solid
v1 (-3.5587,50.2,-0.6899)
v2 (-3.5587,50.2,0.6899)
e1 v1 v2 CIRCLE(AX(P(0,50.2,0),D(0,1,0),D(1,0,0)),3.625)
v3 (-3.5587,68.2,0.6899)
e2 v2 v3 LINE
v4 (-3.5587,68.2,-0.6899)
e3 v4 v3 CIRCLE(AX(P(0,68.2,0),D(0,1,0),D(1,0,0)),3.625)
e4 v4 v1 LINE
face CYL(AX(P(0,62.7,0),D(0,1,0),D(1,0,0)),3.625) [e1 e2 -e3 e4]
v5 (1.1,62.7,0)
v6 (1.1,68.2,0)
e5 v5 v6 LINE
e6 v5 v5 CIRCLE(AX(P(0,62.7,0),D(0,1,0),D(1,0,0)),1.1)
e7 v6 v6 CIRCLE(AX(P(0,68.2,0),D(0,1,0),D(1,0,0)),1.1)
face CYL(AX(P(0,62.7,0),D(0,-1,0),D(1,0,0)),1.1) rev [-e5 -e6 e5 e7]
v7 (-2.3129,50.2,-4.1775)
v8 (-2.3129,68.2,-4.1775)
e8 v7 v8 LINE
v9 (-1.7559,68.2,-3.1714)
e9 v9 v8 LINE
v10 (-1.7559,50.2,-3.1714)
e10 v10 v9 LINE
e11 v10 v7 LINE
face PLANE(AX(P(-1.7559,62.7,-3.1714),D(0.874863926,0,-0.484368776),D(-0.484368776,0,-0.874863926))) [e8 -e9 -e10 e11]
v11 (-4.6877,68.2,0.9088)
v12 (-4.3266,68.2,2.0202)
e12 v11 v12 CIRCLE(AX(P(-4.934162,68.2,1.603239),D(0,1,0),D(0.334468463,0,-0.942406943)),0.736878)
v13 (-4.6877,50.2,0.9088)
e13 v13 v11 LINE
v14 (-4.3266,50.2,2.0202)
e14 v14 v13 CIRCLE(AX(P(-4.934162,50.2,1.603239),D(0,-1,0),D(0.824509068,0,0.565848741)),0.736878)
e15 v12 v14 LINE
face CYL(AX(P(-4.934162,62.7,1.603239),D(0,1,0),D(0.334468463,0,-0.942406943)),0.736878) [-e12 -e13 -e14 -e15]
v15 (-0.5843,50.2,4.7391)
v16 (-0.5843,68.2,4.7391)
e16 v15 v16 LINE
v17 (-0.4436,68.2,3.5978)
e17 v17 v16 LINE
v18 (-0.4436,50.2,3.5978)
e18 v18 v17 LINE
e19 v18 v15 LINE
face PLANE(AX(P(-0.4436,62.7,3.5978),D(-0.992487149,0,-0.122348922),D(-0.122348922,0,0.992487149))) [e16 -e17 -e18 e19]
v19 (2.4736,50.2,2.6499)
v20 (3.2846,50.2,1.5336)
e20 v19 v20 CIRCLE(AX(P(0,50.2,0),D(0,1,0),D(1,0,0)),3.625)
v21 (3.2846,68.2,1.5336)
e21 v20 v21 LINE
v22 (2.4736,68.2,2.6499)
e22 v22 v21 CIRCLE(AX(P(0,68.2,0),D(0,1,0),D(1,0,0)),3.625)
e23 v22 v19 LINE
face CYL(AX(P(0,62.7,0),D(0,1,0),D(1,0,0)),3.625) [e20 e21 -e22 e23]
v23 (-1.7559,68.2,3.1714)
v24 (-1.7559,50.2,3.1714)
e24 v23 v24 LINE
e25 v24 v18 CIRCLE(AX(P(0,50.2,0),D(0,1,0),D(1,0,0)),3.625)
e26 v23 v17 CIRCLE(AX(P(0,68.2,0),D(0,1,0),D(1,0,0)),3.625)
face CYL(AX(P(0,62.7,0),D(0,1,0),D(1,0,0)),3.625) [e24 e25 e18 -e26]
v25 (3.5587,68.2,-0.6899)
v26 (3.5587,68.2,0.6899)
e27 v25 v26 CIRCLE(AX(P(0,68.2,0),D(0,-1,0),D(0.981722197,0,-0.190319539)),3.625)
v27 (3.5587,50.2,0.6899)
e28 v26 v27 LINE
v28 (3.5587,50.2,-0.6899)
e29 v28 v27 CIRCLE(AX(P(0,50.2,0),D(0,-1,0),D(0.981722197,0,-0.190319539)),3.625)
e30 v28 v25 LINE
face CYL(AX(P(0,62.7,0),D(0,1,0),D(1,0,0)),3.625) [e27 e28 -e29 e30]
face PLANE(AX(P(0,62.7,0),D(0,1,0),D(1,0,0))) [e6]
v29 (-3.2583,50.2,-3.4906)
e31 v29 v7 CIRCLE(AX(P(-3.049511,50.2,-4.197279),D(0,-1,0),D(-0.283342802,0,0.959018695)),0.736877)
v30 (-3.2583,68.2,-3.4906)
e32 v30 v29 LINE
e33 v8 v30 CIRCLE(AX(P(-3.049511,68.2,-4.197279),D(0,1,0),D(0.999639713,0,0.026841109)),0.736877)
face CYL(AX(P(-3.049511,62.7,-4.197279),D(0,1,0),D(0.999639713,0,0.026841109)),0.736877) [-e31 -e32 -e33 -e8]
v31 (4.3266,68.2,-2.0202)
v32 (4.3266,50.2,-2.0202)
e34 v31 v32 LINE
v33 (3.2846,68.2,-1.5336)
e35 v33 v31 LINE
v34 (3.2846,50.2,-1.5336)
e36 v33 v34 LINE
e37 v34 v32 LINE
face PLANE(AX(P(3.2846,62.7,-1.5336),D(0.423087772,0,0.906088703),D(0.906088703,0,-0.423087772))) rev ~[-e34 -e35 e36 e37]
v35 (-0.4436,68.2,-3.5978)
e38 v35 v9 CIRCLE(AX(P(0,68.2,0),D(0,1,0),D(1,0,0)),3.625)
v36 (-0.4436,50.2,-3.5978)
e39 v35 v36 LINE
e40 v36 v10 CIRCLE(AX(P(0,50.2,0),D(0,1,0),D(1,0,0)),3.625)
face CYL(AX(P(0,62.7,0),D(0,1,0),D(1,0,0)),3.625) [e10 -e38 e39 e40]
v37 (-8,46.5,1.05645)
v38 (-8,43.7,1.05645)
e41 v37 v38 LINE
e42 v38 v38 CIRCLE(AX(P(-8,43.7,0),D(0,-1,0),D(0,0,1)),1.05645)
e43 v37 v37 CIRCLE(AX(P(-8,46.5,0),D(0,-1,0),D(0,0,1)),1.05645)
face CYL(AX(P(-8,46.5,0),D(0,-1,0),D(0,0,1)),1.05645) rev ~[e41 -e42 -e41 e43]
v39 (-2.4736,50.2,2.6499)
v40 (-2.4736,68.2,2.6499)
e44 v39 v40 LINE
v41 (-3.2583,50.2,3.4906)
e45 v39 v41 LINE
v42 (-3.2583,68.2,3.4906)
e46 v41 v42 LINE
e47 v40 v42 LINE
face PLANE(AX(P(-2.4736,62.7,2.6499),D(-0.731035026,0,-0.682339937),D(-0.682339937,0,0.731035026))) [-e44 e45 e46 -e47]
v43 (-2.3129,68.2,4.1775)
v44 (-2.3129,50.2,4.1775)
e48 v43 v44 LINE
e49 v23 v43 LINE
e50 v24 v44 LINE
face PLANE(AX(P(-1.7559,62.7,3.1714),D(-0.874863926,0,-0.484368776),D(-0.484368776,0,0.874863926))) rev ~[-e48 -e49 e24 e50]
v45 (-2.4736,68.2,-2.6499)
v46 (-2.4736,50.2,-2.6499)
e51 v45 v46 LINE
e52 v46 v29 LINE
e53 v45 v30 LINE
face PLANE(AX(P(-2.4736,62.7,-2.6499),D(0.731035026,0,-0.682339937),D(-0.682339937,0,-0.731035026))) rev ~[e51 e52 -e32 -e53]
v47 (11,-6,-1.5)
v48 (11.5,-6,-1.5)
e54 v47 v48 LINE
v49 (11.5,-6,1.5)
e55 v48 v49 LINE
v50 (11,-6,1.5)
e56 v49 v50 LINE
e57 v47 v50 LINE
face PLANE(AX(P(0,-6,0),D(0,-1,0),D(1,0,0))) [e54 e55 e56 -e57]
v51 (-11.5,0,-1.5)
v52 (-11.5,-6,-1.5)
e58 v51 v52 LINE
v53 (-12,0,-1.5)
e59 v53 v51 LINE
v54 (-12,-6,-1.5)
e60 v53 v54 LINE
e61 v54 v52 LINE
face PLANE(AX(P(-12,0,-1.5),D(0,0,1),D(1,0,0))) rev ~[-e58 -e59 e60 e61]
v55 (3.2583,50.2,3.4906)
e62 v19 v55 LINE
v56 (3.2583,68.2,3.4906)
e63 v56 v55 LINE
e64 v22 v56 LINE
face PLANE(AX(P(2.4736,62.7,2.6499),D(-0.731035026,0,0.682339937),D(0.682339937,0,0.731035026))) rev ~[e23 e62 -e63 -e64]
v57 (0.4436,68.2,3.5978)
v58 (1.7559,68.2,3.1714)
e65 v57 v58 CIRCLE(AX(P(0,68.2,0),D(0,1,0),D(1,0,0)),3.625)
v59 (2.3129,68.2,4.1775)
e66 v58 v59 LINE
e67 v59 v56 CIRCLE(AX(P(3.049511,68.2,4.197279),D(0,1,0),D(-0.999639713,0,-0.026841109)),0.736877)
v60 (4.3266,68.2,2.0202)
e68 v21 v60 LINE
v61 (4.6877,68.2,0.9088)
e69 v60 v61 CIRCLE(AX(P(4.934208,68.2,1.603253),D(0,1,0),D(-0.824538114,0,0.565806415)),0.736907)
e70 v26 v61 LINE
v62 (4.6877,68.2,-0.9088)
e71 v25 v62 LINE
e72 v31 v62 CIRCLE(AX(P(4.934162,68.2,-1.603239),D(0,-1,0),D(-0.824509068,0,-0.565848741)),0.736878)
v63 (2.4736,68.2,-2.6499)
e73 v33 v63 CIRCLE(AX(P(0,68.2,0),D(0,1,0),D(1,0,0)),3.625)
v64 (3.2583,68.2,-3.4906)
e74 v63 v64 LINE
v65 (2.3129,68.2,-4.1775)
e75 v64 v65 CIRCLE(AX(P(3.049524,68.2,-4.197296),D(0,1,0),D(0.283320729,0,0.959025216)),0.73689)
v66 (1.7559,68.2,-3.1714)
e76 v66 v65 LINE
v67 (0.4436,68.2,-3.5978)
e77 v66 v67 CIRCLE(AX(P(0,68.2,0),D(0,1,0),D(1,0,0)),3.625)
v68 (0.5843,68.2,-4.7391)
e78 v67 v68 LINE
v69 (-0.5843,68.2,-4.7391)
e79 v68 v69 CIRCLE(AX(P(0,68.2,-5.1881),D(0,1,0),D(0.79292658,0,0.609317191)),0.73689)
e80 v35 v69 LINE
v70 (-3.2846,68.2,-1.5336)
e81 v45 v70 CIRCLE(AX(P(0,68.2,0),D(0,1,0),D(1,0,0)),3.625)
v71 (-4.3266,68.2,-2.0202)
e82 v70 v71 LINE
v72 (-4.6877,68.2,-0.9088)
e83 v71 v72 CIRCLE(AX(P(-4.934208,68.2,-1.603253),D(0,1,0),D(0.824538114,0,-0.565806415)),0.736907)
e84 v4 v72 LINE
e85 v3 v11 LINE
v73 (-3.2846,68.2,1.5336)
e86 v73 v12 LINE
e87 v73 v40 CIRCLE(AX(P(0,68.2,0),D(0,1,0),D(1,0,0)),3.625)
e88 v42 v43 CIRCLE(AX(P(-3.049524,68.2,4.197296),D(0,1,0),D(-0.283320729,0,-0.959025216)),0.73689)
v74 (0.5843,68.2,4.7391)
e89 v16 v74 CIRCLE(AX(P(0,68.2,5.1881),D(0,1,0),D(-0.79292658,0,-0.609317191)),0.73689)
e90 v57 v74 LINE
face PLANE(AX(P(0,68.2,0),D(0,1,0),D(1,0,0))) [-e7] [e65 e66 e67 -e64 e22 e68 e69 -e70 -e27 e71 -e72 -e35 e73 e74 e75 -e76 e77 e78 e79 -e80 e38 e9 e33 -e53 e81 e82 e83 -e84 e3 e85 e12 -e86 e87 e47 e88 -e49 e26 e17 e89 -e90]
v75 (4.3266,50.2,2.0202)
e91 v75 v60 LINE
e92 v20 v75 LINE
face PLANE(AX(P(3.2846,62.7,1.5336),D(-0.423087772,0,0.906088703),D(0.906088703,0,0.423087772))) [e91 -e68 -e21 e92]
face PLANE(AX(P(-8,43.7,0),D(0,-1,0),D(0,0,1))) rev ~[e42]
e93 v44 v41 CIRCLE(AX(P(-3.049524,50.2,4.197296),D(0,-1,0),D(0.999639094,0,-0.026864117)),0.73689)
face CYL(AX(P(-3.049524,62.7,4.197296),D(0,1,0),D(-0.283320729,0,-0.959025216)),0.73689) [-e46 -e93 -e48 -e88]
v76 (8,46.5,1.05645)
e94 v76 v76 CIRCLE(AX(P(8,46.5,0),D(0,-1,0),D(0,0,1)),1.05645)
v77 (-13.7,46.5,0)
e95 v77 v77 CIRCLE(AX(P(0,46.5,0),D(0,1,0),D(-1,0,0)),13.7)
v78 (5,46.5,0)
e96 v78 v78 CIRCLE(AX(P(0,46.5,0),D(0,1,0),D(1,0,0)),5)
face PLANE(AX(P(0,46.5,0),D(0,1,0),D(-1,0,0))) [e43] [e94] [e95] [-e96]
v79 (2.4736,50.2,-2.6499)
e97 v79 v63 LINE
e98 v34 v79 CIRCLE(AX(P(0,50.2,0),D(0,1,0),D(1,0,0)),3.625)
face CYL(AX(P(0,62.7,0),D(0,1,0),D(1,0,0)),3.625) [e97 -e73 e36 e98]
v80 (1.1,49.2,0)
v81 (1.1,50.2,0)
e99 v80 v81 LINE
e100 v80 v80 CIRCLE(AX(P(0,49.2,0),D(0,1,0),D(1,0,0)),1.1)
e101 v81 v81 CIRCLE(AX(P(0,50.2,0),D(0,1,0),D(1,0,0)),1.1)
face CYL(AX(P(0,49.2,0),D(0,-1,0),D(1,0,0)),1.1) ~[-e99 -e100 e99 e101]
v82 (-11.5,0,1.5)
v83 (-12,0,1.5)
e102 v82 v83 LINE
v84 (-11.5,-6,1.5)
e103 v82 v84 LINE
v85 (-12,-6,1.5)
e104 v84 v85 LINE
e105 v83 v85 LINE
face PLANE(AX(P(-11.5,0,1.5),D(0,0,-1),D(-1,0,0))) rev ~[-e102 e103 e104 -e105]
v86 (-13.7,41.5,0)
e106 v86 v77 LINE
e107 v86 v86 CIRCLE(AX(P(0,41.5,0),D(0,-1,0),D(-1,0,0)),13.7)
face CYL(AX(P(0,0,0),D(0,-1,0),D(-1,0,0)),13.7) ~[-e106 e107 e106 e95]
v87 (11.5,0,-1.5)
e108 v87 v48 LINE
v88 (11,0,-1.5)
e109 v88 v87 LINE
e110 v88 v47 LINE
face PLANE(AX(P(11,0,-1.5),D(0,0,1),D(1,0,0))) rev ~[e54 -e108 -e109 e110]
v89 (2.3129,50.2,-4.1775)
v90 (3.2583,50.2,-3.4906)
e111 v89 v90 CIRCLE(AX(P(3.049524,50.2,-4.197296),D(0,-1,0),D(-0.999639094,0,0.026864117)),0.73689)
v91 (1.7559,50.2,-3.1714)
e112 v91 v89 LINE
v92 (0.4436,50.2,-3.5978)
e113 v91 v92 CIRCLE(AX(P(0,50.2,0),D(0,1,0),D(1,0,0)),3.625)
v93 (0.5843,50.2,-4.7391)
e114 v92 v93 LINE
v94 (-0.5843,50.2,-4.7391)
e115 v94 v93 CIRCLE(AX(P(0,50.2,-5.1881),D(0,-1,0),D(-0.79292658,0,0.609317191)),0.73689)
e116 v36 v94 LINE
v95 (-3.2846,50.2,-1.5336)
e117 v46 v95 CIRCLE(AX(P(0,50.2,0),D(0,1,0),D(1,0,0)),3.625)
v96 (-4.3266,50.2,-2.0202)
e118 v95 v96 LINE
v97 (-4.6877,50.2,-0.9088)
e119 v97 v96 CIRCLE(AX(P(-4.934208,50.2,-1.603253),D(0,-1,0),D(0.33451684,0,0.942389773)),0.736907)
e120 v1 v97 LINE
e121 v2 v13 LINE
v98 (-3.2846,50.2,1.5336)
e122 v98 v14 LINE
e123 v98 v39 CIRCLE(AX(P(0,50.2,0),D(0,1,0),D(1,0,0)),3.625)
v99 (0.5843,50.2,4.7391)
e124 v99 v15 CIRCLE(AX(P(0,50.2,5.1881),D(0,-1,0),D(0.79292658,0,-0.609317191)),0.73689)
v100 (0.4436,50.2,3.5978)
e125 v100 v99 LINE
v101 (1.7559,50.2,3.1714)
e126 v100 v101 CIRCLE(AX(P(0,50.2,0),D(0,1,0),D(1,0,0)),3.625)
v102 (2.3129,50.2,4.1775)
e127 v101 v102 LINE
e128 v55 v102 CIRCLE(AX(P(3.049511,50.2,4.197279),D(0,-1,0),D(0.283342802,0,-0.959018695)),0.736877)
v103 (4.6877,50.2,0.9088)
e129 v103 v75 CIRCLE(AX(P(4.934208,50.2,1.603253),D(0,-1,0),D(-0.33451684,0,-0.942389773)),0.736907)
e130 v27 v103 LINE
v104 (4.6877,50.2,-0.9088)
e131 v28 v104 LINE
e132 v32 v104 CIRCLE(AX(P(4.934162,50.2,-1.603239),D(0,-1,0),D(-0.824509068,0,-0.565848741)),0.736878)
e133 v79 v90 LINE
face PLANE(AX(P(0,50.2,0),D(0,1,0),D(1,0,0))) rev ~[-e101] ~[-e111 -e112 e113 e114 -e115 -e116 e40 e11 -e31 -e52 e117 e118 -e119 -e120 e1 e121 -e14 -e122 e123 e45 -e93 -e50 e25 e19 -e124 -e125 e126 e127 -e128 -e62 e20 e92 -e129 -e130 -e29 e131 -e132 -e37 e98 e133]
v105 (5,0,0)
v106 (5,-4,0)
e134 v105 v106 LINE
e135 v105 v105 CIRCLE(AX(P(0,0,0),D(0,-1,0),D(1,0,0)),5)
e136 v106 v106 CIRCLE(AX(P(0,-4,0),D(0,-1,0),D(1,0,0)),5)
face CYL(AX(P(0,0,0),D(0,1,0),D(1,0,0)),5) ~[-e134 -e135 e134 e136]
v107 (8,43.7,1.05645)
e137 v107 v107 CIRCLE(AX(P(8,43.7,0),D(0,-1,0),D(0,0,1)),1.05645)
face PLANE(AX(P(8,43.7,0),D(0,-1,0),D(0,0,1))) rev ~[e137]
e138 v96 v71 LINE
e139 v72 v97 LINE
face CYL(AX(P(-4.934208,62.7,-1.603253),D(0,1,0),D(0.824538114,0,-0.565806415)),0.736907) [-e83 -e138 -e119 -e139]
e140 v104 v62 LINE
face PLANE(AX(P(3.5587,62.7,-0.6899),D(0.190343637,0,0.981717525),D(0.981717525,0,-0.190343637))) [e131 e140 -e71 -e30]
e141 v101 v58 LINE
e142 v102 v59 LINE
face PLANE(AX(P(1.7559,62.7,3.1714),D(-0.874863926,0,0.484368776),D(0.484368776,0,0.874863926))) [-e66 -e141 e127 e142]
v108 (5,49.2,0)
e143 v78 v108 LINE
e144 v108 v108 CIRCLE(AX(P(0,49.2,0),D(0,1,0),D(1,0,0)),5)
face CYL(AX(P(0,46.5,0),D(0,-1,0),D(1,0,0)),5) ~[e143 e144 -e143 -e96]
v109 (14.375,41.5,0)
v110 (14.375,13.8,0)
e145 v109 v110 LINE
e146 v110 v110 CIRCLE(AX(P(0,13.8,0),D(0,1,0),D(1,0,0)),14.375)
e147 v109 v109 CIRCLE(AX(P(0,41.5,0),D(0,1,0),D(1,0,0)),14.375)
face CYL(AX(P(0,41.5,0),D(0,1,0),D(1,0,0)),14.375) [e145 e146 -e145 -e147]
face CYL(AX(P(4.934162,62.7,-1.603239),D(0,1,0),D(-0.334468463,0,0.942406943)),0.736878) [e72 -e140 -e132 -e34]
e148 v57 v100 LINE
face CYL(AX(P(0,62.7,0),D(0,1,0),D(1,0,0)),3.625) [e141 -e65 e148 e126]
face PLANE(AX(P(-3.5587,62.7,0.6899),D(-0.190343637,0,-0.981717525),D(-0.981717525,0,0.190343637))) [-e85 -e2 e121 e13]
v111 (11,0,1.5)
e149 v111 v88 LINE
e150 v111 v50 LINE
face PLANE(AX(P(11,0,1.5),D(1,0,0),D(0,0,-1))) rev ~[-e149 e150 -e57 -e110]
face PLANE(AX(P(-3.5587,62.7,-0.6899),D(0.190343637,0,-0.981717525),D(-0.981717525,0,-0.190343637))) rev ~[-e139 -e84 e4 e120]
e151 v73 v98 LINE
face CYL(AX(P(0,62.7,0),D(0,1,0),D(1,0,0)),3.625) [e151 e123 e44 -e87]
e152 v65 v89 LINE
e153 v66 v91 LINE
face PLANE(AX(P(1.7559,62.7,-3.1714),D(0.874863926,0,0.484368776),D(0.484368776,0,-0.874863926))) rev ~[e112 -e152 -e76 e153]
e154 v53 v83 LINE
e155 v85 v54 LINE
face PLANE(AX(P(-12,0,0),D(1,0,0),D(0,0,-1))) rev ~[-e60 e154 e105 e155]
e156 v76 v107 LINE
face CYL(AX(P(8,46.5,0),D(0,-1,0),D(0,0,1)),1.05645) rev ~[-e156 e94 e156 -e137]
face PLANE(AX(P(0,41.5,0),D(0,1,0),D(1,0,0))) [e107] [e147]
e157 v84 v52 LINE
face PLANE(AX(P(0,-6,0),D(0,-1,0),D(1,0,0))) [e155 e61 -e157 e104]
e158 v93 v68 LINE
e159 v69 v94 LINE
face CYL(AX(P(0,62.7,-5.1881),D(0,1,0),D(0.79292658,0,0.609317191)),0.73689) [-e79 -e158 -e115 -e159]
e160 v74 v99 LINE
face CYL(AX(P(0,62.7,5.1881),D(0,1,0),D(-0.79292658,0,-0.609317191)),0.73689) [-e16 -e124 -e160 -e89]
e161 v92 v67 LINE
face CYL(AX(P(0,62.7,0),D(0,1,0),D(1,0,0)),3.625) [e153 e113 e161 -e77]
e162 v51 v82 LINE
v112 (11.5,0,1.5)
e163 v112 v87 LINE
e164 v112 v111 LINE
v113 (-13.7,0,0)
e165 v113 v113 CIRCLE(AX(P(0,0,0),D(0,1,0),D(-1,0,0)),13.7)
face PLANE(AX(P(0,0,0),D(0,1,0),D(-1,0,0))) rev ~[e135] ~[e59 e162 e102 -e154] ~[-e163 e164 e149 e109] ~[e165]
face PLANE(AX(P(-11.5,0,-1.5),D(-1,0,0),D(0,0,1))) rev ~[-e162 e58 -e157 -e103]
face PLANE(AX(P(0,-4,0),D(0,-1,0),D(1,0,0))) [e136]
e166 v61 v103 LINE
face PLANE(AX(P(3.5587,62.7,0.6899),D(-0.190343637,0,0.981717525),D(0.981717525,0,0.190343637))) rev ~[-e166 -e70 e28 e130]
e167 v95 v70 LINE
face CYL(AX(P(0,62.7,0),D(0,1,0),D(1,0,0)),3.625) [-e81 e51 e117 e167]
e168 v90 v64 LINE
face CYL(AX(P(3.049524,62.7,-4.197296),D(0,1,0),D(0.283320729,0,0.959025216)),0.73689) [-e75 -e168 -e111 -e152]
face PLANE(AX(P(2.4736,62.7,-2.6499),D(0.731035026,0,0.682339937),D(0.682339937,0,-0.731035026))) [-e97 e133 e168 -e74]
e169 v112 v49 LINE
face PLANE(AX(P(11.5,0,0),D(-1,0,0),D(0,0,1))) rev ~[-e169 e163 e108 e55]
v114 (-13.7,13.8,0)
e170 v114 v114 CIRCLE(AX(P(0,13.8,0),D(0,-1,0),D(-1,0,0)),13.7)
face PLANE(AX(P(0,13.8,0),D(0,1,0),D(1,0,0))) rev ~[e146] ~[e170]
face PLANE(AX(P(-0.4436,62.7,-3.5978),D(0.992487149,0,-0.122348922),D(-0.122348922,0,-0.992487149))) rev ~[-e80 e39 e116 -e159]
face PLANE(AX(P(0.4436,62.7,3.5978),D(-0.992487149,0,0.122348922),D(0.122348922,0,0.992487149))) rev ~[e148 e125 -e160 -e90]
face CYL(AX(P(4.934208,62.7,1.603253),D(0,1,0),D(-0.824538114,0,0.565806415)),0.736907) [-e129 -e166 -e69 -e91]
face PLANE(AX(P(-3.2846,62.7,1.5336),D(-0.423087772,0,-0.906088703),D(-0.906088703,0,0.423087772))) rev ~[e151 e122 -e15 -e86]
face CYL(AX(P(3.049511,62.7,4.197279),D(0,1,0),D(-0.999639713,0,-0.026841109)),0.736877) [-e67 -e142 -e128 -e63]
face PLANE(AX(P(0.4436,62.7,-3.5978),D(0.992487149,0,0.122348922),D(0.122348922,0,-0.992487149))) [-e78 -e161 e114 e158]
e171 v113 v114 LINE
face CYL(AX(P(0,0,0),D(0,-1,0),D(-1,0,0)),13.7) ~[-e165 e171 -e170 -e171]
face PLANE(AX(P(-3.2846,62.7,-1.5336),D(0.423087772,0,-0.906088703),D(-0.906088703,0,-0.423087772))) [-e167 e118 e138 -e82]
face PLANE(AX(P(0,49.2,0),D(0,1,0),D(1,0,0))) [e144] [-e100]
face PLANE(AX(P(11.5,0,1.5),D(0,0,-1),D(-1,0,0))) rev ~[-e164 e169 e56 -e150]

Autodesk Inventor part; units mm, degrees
ref_plane "YZ Plane" through (0, 0, 0) normal (1, 0, 0) x (0, 1, 0)
ref_plane "XZ Plane" through (0, 0, 0) normal (0, 1, 0) x (-1, 0, 0)
ref_plane "XY Plane" through (0, 0, 0) normal (0, 0, 1) x (1, 0, 0)
sketch "Sketch1" plane through (0, 0, 0) normal (0, 1, 0) x (-1, 0, 0)
  circle A0 centre (0, 0) radius 13.7
  dimension "d0" = 27.4
extrude "Extrusion1" add sketch "Sketch1" along normal blind 46.5
sketch "Sketch2" plane through (0, 46.5, 0) normal (0, 1, 0) x (1, 0, 0)
  circle A0 centre (0, 0) radius 13.7 projected
  circle A1 centre (0, 0) radius 5
  dimension "d3" = 10
extrude "Extrusion2" add sketch "Sketch2" along normal blind 2.7 contours A1
sketch "Sketch3" plane through (0, 46.5, 0) normal (0, 1, 0) x (1, 0, 0)
  circle A0 centre (0, 0) radius 5 projected
  circle A1 centre (0, 0) radius 5 projected
  circle A2 centre (0, 0) radius 13.7 projected
  circle A3 centre (0, 0) radius 13.7 projected
  line L0 (-13.7, 0) -> (13.7, 0)
  point P0 (-8, 0)
  point P1 (8, 0)
  dimension "d6" = 16
  dimension "d7" = 5.7
  dimension "d8" = 5.7
hole "Hole1" at (-8, 46.5, 0) at (8, 46.5, 0) direction (0, -1, 0) diameter 2.1129 depth 2.8 thread size "M2.6x0.45" class "6H" standard "ISO Metric profile"
ref_plane "Work Plane1" through (0, 41.5, 0) normal (0, 1, 0) x (1, 0, 0)
sketch "Sketch4" plane through (0, 41.5, 0) normal (0, 1, 0) x (1, 0, 0)
  circle A0 centre (0, 0) radius 14.375
  dimension "d17" = 28.75
extrude "Extrusion3" add sketch "Sketch4" against normal blind 27.7
sketch "Sketch5" plane through (0, 0, 0) normal (0, -1, 0) x (1, 0, 0)
  circle A0 centre (0, 0) radius 5
  dimension "d20" = 10
extrude "Extrusion4" add sketch "Sketch5" along normal blind 4
sketch "Sketch6" plane through (0, 0, 0) normal (0, -1, 0) x (1, 0, 0)
  circle A0 centre (0, 0) radius 5 projected
  circle A1 centre (0, 0) radius 5 projected
  circle A2 centre (0, 0) radius 13.7 projected
  circle A3 centre (0, 0) radius 13.7 projected
  line L0 (13.7, 0) -> (-13.7, 0)
  line L1 (-11.5, 1.5) -> (-12, 1.5)
  line L2 (-12, 1.5) -> (-12, -1.5)
  line L3 (-12, -1.5) -> (-11.5, -1.5)
  line L4 (-11.5, -1.5) -> (-11.5, 1.5)
  line L5 (11.5, 1.5) -> (11, 1.5)
  line L6 (11, 1.5) -> (11, -1.5)
  line L7 (11, -1.5) -> (11.5, -1.5)
  line L8 (11.5, -1.5) -> (11.5, 1.5)
  dimension "d23" = 22.5
  dimension "d24" = 0.5
  dimension "d25" = 0.5
  dimension "d26" = 11.5
  dimension "d27" = 11.5
  dimension "d28" = 3
  dimension "d29" = 3
  dimension "d30" = 1.5
  dimension "d31" = 1.5
extrude "Extrusion5" add sketch "Sketch6" along normal blind 6 contours L6 L5 L8 L0 | L0 L8 L7 L6 | L4 L3 L2 L0 | L0 L2 L1 L4
sketch "Sketch7" plane through (0, 49.2, 0) normal (0, 1, 0) x (1, 0, 0)
  circle A0 centre (0, 0) radius 1.1
  dimension "d34" = 2.2
extrude "Extrusion6" add sketch "Sketch7" along normal blind 13.5
sketch "Sketch8" plane through (0, 62.7, 0) normal (0, 1, 0) x (1, 0, 0)
  circle A0 centre (0, 0) radius 1.1 projected
  circle A1 centre (0, 0) radius 5.925
  circle A2 centre (0, 0) radius 3.625
  circle A3 centre (0, 0) radius 4.775
  arc A4 (0.5843, 4.7391) -> (-0.5843, 4.7391) centre (0, 5.1881) ccw
  line L0 (0.4436, 3.5978) -> (0.725, 5.8805)
  line L1 (-0.4436, 3.5978) -> (-0.725, 5.8805)
  line L2 (-1.7559, 3.1714) -> (-2.8699, 5.1835)
  line L3 (-2.4736, 2.6499) -> (-4.043, 4.3313)
  arc A5 (-2.3129, 4.1775) -> (-3.2583, 3.4906) centre (-3.0495, 4.1973) ccw
  line L4 (-3.2846, 1.5336) -> (-5.3686, 2.5067)
  line L5 (-3.5587, 0.6899) -> (-5.8167, 1.1277)
  arc A6 (-4.3266, 2.0202) -> (-4.6877, 0.9088) centre (-4.9342, 1.6032) ccw
  line L6 (-3.5587, -0.6899) -> (-5.8167, -1.1277)
  line L7 (-3.2846, -1.5336) -> (-5.3686, -2.5067)
  arc A7 (-4.6877, -0.9088) -> (-4.3266, -2.0202) centre (-4.9342, -1.6032) ccw
  line L8 (-2.4736, -2.6499) -> (-4.043, -4.3313)
  line L9 (-1.7559, -3.1714) -> (-2.8699, -5.1835)
  arc A8 (-3.2583, -3.4906) -> (-2.3129, -4.1775) centre (-3.0495, -4.1973) ccw
  line L10 (-0.4436, -3.5978) -> (-0.725, -5.8805)
  line L11 (0.4436, -3.5978) -> (0.725, -5.8805)
  arc A9 (-0.5843, -4.7391) -> (0.5843, -4.7391) centre (0, -5.1881) ccw
  line L12 (1.7559, -3.1714) -> (2.8699, -5.1835)
  line L13 (2.4736, -2.6499) -> (4.043, -4.3313)
  arc A10 (2.3129, -4.1775) -> (3.2583, -3.4906) centre (3.0495, -4.1973) ccw
  line L14 (3.2846, -1.5336) -> (5.3686, -2.5067)
  line L15 (3.5587, -0.6899) -> (5.8167, -1.1277)
  arc A11 (4.3266, -2.0202) -> (4.6877, -0.9088) centre (4.9342, -1.6032) ccw
  line L16 (3.5587, 0.6899) -> (5.8167, 1.1277)
  line L17 (3.2846, 1.5336) -> (5.3686, 2.5067)
  arc A12 (4.6877, 0.9088) -> (4.3266, 2.0202) centre (4.9342, 1.6032) ccw
  line L18 (2.4736, 2.6499) -> (4.043, 4.3313)
  line L19 (1.7559, 3.1714) -> (2.8699, 5.1835)
  arc A13 (3.2583, 3.4906) -> (2.3129, 4.1775) centre (3.0495, 4.1973) ccw
  point P0 (3.7689, -4.0376)
  dimension "d37" = 11.85
  dimension "d38" = 7.25
  dimension "d39" = 1.45
  dimension "d43" = 1.15
  dimension "d44" = 1.15
  dimension "d47" = 360
extrude "Extrusion7" add sketch "Sketch8" along normal blind 5.5 and the other way blind 12.5 contours A12 L16 A3 L17 | A12 L16 | A11 L14 A3 L15 | L15 A11 | L17 A12 | L16 A2 L17 A3 | A11 L14 | A3 L14 A2 L15 | A2 | A13 L18 A3 L19 | A13 L18 | L18 A2 L19 A3 | A10 L12 A3 L13 | L13 A10 | A3 L12 A2 L13 | L19 A13 | A10 L12 | L0 A2 L1 A3 | L0 A4 | A3 L1 A4 L0 | L11 A9 L10 A3 | A3 L10 A2 L11 | A9 L11 | A4 L1 | L10 A9 | L2 A2 L3 A3 | A3 L3 A5 L2 | L2 A5 | L9 A8 L8 A3 | A3 L8 A2 L9 | A8 L9 | A5 L3 | L8 A8 | L4 A2 L5 A3 | A3 L5 A6 L4 | L4 A6 | L7 A7 L6 A3 | A3 L6 A2 L7 | A7 L7 | A6 L5 | L6 A7
equation "\"d7\" = d8"
equation "\"d26\" = d27"
equation "\"d30\" = d31"
equation "\"d43\" = d44"
equation "\"d41\" = d42"
properties part number "rs390" material "Steel, Mild"
